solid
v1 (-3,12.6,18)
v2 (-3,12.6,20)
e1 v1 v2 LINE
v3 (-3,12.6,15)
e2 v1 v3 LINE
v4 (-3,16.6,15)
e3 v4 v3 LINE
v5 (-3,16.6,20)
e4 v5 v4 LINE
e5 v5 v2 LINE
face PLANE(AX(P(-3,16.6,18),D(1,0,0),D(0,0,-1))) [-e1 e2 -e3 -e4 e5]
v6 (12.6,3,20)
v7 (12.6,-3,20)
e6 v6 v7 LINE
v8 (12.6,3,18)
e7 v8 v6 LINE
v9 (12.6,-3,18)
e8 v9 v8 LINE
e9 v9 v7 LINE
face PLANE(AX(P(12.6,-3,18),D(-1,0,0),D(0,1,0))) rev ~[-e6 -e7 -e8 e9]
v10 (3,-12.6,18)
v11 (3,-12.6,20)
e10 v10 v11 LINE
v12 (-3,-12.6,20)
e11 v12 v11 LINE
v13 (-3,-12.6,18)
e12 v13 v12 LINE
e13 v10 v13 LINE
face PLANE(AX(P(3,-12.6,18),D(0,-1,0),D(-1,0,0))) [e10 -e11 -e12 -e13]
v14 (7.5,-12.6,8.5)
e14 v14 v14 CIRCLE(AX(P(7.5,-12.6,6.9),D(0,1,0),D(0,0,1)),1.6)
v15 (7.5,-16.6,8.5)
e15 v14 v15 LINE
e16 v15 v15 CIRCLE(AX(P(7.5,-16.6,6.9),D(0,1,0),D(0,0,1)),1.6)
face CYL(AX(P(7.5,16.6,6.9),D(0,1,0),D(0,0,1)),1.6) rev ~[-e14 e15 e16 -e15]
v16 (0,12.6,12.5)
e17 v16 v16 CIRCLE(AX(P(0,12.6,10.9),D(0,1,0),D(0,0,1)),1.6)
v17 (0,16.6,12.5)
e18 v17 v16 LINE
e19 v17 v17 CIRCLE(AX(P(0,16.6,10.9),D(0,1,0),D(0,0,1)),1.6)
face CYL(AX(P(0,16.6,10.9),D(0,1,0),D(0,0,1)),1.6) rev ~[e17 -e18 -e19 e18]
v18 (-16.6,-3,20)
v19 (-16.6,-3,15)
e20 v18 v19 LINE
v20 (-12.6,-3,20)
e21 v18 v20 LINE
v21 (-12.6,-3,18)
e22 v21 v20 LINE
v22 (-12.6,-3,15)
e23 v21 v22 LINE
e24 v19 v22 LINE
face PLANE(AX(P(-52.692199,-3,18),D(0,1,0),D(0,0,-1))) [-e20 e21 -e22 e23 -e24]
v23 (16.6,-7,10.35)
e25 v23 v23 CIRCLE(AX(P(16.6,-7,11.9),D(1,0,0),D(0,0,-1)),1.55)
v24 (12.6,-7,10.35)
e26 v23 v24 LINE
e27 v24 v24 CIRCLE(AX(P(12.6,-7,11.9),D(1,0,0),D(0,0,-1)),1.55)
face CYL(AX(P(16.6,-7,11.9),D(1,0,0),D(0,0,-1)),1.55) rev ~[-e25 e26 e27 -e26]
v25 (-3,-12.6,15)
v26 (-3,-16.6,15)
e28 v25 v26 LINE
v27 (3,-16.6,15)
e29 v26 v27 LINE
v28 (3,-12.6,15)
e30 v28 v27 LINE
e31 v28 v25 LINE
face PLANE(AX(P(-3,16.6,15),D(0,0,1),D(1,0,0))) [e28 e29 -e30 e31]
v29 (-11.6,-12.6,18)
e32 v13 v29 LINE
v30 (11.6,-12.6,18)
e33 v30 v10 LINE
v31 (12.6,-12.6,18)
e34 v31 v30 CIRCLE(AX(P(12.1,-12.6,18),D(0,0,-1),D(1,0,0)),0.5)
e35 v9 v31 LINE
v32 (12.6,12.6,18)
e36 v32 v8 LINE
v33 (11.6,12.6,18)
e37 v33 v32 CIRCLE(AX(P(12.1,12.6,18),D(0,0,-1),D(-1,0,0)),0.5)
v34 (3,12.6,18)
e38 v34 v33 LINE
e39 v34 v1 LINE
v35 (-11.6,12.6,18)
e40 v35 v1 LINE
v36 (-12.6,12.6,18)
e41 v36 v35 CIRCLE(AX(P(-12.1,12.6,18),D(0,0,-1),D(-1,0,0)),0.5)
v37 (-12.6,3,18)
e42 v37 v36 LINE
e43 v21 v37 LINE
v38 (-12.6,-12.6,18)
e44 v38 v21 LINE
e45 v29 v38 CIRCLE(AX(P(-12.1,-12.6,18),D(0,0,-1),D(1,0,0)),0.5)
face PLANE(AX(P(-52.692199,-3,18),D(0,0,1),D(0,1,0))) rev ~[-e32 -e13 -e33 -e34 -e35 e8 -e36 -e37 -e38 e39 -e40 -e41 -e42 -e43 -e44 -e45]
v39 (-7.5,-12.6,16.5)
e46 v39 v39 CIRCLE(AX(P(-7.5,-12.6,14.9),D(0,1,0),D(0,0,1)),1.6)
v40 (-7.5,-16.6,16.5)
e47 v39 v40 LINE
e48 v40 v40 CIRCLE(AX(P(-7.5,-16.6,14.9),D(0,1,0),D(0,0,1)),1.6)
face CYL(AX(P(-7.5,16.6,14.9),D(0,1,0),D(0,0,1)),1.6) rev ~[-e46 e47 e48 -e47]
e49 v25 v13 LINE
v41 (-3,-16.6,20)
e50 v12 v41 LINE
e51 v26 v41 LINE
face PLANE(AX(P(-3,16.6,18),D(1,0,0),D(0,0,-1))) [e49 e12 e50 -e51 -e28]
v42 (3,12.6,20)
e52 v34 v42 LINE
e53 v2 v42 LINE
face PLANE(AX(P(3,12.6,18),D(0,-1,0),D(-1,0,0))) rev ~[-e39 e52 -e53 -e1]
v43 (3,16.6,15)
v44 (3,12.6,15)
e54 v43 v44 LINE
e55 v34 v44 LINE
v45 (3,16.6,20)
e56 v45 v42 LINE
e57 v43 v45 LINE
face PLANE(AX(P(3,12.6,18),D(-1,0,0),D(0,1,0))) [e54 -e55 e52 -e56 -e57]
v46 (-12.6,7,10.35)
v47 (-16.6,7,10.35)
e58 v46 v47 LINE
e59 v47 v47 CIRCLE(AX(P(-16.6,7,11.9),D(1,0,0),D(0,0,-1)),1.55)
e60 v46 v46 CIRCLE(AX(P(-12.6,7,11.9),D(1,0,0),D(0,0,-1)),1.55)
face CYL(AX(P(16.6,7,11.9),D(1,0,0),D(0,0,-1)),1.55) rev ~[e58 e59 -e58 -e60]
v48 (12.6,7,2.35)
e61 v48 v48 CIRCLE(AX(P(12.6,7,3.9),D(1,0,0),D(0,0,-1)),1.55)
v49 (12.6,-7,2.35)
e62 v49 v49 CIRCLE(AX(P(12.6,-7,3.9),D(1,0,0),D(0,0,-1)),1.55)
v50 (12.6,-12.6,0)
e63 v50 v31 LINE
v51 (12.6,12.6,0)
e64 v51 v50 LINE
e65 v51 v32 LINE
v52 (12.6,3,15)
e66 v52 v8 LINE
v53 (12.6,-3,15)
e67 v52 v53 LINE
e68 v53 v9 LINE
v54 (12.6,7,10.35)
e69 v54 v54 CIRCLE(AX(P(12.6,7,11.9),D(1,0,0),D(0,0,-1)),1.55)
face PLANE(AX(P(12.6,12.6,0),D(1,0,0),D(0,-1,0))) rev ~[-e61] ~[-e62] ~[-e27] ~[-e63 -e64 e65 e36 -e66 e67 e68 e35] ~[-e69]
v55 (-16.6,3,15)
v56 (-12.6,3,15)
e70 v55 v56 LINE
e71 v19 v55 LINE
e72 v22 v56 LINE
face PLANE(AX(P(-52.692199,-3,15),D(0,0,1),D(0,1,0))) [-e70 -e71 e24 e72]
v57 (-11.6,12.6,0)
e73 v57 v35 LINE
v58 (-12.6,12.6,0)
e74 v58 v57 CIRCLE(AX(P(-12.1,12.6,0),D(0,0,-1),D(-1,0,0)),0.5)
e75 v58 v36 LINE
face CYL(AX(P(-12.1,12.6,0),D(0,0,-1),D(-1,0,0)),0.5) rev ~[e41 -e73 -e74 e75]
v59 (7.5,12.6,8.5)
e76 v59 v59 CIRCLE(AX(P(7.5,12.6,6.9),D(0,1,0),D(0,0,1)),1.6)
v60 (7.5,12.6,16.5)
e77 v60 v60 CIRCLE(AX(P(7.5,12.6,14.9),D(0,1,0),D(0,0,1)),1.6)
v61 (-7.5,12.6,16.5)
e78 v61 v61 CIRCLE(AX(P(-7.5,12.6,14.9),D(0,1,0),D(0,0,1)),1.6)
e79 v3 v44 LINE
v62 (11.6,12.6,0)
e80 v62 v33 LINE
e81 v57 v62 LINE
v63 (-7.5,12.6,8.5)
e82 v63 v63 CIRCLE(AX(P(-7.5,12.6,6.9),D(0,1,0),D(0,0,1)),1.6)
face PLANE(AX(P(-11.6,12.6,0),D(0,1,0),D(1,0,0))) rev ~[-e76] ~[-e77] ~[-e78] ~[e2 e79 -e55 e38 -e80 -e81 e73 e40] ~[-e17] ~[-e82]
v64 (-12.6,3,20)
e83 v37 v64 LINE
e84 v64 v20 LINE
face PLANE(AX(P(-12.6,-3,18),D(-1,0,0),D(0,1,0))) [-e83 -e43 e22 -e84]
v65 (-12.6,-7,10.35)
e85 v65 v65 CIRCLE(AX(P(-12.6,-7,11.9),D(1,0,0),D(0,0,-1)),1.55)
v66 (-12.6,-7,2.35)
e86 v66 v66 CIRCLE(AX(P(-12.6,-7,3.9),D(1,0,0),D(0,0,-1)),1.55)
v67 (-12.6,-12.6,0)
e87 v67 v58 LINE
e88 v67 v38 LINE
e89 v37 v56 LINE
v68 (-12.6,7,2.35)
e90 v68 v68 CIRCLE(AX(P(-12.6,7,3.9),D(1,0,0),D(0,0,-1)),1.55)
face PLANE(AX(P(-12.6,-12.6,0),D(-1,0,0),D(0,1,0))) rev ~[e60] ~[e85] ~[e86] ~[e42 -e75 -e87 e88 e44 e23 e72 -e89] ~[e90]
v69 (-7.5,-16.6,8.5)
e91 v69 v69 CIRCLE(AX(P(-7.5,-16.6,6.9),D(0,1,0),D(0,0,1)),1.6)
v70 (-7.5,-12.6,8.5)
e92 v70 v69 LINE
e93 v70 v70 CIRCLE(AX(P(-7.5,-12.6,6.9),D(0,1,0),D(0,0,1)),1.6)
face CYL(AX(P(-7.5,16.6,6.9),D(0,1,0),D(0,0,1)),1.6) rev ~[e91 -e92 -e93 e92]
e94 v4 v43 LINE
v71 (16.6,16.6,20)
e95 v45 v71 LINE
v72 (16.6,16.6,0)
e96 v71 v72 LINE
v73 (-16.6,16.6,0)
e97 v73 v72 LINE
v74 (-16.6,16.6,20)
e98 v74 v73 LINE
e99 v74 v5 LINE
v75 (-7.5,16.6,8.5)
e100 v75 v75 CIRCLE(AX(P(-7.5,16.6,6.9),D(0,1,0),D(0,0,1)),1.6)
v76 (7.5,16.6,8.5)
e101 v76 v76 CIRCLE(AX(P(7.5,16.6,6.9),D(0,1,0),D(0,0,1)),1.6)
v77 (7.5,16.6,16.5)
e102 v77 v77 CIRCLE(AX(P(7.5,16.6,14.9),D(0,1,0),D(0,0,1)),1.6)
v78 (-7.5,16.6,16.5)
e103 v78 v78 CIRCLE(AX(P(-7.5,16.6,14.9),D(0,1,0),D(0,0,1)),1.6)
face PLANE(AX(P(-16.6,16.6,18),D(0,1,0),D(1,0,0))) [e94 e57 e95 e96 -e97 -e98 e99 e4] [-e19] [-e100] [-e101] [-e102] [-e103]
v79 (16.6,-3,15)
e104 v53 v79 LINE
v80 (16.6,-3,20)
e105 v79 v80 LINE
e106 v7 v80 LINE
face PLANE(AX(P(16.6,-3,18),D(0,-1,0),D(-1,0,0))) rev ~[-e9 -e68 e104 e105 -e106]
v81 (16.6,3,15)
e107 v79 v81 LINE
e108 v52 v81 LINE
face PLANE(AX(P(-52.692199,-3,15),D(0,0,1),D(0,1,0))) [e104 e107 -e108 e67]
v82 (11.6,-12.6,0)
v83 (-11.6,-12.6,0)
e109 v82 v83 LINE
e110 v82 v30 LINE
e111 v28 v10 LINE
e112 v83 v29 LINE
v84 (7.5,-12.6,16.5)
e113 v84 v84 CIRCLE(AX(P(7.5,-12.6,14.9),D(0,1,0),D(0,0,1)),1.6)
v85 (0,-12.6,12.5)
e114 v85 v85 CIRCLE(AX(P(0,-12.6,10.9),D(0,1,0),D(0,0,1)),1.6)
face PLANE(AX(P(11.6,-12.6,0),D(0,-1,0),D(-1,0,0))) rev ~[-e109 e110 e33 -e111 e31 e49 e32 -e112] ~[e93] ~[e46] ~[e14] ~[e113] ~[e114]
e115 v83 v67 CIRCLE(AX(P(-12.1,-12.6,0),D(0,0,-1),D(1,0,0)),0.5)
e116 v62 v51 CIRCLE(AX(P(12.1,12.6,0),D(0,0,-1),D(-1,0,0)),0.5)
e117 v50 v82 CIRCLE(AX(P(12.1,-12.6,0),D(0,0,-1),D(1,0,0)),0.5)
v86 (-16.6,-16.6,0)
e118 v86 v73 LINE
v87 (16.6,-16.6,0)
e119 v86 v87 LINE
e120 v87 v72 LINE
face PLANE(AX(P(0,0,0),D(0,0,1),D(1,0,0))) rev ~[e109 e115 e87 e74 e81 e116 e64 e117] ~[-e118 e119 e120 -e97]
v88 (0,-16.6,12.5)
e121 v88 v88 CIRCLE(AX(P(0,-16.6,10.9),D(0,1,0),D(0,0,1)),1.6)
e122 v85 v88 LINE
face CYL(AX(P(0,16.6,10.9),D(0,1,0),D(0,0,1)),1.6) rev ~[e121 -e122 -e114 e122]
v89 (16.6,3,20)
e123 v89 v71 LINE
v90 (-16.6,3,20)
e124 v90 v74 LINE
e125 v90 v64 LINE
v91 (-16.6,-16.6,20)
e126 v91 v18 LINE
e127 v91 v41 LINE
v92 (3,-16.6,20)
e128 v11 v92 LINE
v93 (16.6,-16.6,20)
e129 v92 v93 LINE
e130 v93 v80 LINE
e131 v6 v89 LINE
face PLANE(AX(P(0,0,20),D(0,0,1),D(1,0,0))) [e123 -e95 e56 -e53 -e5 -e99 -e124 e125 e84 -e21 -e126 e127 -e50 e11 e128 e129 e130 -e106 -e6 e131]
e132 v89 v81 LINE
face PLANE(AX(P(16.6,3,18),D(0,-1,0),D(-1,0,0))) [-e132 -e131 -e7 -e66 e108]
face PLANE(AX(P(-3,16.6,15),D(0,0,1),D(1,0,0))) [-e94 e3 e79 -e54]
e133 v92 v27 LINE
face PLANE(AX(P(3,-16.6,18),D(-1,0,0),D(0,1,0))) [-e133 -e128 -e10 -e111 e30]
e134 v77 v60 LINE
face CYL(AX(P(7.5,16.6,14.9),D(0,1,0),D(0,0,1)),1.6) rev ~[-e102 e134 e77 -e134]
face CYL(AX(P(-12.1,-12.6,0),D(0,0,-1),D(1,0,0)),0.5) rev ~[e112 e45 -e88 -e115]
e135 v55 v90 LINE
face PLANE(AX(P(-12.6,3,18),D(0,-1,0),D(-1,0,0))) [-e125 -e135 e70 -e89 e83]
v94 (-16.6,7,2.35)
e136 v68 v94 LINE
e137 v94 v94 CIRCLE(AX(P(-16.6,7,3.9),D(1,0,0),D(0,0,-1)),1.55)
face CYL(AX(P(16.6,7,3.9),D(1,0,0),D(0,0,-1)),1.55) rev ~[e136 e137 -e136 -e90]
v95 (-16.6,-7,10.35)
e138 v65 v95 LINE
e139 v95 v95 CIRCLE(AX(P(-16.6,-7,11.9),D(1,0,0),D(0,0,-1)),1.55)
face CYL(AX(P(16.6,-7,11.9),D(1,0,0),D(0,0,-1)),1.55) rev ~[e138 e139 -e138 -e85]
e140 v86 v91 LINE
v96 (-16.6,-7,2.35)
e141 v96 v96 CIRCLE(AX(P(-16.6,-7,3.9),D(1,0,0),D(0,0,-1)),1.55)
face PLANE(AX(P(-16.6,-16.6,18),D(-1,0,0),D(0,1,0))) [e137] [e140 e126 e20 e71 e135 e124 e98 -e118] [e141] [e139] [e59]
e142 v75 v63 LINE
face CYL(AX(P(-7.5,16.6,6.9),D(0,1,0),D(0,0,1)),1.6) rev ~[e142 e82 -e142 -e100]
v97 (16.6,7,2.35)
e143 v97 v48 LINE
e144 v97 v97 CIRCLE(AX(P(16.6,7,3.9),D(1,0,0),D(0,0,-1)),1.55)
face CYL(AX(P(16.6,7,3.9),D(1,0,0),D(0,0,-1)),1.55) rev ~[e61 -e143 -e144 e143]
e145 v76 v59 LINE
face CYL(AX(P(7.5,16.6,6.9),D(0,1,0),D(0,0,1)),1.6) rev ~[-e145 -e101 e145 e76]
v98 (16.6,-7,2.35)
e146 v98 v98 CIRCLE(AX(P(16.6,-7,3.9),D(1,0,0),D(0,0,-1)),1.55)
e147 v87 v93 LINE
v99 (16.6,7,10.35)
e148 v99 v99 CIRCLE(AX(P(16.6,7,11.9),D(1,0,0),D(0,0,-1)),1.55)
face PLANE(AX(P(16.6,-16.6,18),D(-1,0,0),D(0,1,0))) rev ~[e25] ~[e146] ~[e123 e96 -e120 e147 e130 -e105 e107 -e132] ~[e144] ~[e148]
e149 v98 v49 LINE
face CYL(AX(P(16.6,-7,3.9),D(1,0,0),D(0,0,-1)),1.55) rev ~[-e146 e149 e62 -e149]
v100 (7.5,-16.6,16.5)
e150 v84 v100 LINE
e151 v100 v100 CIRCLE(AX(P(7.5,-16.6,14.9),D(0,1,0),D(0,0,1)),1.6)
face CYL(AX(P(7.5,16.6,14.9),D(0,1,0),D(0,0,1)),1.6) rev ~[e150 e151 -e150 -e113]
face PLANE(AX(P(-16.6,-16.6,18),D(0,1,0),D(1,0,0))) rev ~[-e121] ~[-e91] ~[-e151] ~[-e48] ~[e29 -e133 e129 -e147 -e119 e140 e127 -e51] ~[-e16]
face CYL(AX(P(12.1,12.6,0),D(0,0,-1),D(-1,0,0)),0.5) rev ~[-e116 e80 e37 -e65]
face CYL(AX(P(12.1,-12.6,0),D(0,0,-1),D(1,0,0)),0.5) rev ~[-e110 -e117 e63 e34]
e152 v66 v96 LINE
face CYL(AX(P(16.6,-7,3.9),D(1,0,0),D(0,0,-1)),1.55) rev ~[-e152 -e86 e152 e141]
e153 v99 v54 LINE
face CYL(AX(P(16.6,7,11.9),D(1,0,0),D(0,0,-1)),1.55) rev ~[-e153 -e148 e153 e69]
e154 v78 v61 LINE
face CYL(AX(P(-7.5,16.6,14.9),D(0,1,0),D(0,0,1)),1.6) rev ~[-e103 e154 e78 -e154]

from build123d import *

# Parameters (mm, degrees)
SKETCH_1_W               = 33.2
SKETCH_1_H               = 33.2
EXTRUDE_1_DEPTH          = 18
SKETCH_2_W               = 33.2
SKETCH_2_H               = 33.2
EXTRUDE_2_DEPTH          = 2
CUT_EXTRUDE_1_DEPTH      = 40.09219871
CUT_EXTRUDE_1_DEPTH_BACK = 40.09219871
SKETCH_3_W               = 3
SKETCH_3_H               = 6
SKETCH_4_W               = 6
SKETCH_4_H               = 3
CUT_EXTRUDE_2_DEPTH      = 43.163965658
SKETCH_5_W               = 4
SKETCH_5_H               = 6
SKETCH_5_W_2             = 6
SKETCH_5_H_2             = 4
CUT_EXTRUDE_3_DEPTH      = 30.582427216
SKETCH_6_R               = 1.6
CUT_EXTRUDE_4_DEPTH      = 43.163965658
SKETCH_7_R               = 1.55
CUT_EXTRUDE_5_DEPTH      = 43.163965658


with BuildPart() as part:
    # 草图1 → 凸台-拉伸1 (new body)
    with BuildSketch(Plane.XY):
        Rectangle(SKETCH_1_W, SKETCH_1_H)
        with BuildLine():
            Line((11.6, -12.6), (-11.6, -12.6))
            ThreePointArc((-11.6, -12.6), (-12.1, -13.1), (-12.6, -12.6))
            Line((-12.6, -12.6), (-12.6, 12.6))
            ThreePointArc((-12.6, 12.6), (-12.1, 13.1), (-11.6, 12.6))
            Line((-11.6, 12.6), (11.6, 12.6))
            ThreePointArc((11.6, 12.6), (12.1, 13.1), (12.6, 12.6))
            Line((12.6, 12.6), (12.6, -12.6))
            ThreePointArc((12.6, -12.6), (12.1, -13.1), (11.6, -12.6))
        make_face(mode=Mode.SUBTRACT)
    extrude(amount=EXTRUDE_1_DEPTH)

    # 草图2 → 凸台-拉伸2 (add)
    with BuildSketch(Plane.XY.offset(18)):
        Rectangle(SKETCH_2_W, SKETCH_2_H)
    extrude(amount=EXTRUDE_2_DEPTH)

    # 草图3 → 切除-拉伸1 (cut, two sides: drawn at the far end of the back side and taken through both)
    with BuildSketch(Plane(origin=(-12.6, 0, 0), x_dir=(0, 0, -1), z_dir=(1, 0, 0)).offset(-CUT_EXTRUDE_1_DEPTH_BACK)):
        with Locations((-16.5, 0)):
            Rectangle(SKETCH_3_W, SKETCH_3_H)
    extrude(amount=CUT_EXTRUDE_1_DEPTH + CUT_EXTRUDE_1_DEPTH_BACK, mode=Mode.SUBTRACT)

    # 草图4 → 切除-拉伸2 (cut, through all)
    with BuildSketch(Plane(origin=(0, 16.6, 0), x_dir=(1, 0, 0), z_dir=(0, 1, 0))):
        with Locations((0, -16.5)):
            Rectangle(SKETCH_4_W, SKETCH_4_H)
    extrude(amount=-CUT_EXTRUDE_2_DEPTH, mode=Mode.SUBTRACT)

    # 草图5 → 切除-拉伸3 (cut, through all)
    with BuildSketch(Plane(origin=(0, 0, 18), x_dir=(-1, 0, 0), z_dir=(0, 0, -1))):
        with Locations((-14.6, 0)):
            Rectangle(SKETCH_5_W, SKETCH_5_H)
        with Locations((0, -14.6)):
            Rectangle(SKETCH_5_W_2, SKETCH_5_H_2)
        with Locations((14.6, 0)):
            Rectangle(SKETCH_5_W, SKETCH_5_H)
        with Locations((0, 14.6)):
            Rectangle(SKETCH_5_W_2, SKETCH_5_H_2)
    extrude(amount=-CUT_EXTRUDE_3_DEPTH, mode=Mode.SUBTRACT)

    # 草图6 → 切除-拉伸4 (cut, through all)
    with BuildSketch(Plane(origin=(0, 16.6, 0), x_dir=(1, 0, 0), z_dir=(0, 1, 0))):
        with Locations(Location((7.5, -6.9, 0), (0, 0, 270))):
            Circle(SKETCH_6_R)
        with Locations(Location((7.5, -14.9, 0), (0, 0, 270))):
            Circle(SKETCH_6_R)
        with Locations(Location((-7.5, -14.9, 0), (0, 0, 270))):
            Circle(SKETCH_6_R)
        with Locations(Location((-7.5, -6.9, 0), (0, 0, 270))):
            Circle(SKETCH_6_R)
        with Locations(Location((0, -10.9, 0), (0, 0, 270))):
            Circle(SKETCH_6_R)
    extrude(amount=-CUT_EXTRUDE_4_DEPTH, mode=Mode.SUBTRACT)

    # 草图7 → 切除-拉伸5 (cut, through all)
    with BuildSketch(Plane(origin=(16.6, 0, 0), x_dir=(0, 0, -1), z_dir=(1, 0, 0))):
        with Locations((-3.9, -7)):
            Circle(SKETCH_7_R)
        with Locations((-11.9, -7)):
            Circle(SKETCH_7_R)
        with Locations((-11.9, 7)):
            Circle(SKETCH_7_R)
        with Locations((-3.9, 7)):
            Circle(SKETCH_7_R)
    extrude(amount=-CUT_EXTRUDE_5_DEPTH, mode=Mode.SUBTRACT)


solid = part.part
